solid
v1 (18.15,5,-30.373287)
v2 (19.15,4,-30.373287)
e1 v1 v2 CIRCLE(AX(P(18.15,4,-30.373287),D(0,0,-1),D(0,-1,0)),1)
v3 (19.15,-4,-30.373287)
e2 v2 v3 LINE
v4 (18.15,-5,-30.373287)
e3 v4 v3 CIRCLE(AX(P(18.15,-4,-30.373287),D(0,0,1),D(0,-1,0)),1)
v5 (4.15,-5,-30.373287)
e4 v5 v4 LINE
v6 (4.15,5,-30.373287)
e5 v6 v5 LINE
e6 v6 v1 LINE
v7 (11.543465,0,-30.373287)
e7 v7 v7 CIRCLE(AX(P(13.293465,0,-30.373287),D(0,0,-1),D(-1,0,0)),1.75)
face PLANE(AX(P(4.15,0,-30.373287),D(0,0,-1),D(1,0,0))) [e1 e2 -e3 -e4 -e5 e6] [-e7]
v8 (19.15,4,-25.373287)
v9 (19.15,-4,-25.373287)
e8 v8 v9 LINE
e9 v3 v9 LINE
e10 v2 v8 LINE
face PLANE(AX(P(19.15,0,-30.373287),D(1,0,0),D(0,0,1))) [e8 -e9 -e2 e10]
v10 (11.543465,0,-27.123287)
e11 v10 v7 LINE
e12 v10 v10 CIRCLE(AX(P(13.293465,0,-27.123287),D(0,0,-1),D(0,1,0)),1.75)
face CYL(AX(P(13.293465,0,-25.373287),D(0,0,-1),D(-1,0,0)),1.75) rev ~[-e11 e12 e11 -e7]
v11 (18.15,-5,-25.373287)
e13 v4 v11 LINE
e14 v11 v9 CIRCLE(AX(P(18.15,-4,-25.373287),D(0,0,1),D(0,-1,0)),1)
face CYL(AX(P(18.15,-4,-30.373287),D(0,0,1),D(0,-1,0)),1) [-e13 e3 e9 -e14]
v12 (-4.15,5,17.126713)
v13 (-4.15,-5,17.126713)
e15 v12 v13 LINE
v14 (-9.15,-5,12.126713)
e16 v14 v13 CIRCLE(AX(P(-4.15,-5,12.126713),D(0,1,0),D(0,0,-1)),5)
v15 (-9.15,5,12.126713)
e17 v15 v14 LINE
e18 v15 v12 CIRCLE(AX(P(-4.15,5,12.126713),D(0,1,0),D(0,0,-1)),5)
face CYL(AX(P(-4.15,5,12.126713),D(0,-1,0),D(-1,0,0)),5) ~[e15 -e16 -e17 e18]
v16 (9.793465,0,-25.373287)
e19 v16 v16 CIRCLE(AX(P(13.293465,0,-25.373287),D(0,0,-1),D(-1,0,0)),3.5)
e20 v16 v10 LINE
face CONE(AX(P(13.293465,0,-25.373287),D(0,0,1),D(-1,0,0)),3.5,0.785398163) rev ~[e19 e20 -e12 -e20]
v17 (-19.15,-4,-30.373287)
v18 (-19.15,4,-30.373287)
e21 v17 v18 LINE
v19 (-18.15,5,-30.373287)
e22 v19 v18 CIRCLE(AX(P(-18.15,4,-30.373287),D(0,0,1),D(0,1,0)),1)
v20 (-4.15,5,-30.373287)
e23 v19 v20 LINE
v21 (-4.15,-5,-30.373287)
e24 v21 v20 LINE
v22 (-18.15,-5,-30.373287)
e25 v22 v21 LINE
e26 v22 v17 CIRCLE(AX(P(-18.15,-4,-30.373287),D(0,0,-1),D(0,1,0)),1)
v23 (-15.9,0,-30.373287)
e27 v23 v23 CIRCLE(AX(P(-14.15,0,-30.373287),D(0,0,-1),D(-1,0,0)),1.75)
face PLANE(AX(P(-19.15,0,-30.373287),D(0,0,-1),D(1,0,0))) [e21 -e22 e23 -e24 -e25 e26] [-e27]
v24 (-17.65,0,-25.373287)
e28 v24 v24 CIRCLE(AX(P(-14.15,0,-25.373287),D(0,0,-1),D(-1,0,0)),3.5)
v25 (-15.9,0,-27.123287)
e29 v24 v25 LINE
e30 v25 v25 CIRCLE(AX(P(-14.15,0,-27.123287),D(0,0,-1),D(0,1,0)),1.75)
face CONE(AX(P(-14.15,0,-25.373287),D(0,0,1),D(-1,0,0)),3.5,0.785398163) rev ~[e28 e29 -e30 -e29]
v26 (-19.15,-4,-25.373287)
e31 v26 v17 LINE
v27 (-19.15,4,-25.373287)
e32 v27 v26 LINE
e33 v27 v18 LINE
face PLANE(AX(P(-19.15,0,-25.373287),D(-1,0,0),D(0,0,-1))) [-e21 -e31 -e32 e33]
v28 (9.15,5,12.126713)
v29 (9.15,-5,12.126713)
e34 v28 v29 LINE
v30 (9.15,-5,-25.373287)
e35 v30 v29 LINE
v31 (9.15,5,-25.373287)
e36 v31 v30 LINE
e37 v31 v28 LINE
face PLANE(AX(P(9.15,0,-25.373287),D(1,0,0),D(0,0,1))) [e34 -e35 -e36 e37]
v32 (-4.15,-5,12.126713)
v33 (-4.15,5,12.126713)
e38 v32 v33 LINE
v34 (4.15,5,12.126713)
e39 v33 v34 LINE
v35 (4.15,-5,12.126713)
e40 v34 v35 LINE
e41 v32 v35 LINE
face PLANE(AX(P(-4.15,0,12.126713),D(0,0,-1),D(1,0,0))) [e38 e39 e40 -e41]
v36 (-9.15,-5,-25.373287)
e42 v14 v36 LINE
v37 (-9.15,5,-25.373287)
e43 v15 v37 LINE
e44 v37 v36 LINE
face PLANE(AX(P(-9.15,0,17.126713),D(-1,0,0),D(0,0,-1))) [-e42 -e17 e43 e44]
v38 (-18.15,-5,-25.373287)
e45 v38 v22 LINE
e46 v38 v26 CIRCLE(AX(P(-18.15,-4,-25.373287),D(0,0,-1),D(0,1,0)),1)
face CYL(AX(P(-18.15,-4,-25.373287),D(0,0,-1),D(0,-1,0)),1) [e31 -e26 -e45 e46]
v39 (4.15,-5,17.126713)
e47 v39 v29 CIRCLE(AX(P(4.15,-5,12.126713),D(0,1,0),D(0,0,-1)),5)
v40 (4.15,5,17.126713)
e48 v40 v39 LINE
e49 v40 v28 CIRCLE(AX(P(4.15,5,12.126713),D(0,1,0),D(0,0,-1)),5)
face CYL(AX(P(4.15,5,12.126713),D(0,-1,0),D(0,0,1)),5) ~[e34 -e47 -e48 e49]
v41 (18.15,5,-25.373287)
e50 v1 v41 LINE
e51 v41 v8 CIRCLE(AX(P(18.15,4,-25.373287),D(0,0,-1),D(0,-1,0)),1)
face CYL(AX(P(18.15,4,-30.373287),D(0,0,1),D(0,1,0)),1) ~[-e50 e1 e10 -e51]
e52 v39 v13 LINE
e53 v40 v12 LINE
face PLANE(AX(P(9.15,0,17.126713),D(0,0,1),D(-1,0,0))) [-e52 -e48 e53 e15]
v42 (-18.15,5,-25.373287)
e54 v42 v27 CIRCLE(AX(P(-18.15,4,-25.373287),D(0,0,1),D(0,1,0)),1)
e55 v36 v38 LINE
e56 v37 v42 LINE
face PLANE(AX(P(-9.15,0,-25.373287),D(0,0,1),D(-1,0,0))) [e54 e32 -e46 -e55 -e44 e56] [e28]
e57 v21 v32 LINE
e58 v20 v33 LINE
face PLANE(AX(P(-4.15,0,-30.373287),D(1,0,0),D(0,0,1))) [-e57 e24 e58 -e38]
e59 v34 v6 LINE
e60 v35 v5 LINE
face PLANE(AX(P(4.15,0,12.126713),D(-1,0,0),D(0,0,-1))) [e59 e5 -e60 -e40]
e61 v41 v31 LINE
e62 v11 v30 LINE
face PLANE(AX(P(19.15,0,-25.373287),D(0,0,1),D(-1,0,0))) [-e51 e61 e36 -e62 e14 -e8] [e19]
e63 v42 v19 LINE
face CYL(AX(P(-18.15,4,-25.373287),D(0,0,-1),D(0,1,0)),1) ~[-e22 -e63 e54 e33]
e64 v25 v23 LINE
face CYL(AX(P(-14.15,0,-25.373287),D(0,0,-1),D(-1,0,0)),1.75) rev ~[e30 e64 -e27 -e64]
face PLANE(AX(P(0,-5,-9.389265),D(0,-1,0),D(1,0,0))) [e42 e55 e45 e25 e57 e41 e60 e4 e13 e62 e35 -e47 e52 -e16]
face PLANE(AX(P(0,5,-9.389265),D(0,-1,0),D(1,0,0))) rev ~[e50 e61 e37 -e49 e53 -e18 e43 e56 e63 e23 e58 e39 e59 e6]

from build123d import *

# Parameters (mm, degrees)
F1_DEPTH       = 5
F3_D           = 3.5
F3_CSINK_D     = 7
F3_CSINK_ANGLE = 90
F4_D           = 3.5
F4_CSINK_D     = 7
F4_CSINK_ANGLE = 90
F5_R           = 5
F6_R           = 1


with BuildPart() as f1:
    # F0 (on Front) → F1 (new body, symmetric)
    with BuildSketch(Plane.XZ):
        Polygon((-4.15, 12.126713), (0, 12.126713), (4.15, 12.126713), (4.15, -30.373287), (19.15, -30.373287), (19.15, -25.373287), (9.15, -25.373287), (9.15, 17.126713), (0, 17.126713), (-9.15, 17.126713), (-9.15, -25.373287), (-19.15, -25.373287), (-19.15, -30.373287), (-4.15, -30.373287), align=None)
    extrude(amount=F1_DEPTH, both=True)

    # F3 (through all)
    with Locations(Plane.XY.offset(-25.373287)):
        with Locations((13.293465, 0)):
            CounterSinkHole(F3_D / 2, F3_CSINK_D / 2, counter_sink_angle=F3_CSINK_ANGLE)

    # F4 (through all)
    with Locations(Plane.XY.offset(-25.373287)):
        with Locations((-14.15, 0)):
            CounterSinkHole(F4_D / 2, F4_CSINK_D / 2, counter_sink_angle=F4_CSINK_ANGLE)

    # F5
    f5_edges = [f1.edges().sort_by_distance(p)[0] for p in [
        (-9.15, 0, 17.126713),
        (9.15, 0, 17.126713),
    ]]
    fillet(f5_edges, radius=F5_R)

    # F6
    f6_edges = [f1.edges().sort_by_distance(p)[0] for p in [
        (19.15, 5, -27.873287),
        (19.15, -5, -27.873287),
        (-19.15, -5, -27.873287),
        (-19.15, 5, -27.873287),
    ]]
    fillet(f6_edges, radius=F6_R)


solid = f1.part
